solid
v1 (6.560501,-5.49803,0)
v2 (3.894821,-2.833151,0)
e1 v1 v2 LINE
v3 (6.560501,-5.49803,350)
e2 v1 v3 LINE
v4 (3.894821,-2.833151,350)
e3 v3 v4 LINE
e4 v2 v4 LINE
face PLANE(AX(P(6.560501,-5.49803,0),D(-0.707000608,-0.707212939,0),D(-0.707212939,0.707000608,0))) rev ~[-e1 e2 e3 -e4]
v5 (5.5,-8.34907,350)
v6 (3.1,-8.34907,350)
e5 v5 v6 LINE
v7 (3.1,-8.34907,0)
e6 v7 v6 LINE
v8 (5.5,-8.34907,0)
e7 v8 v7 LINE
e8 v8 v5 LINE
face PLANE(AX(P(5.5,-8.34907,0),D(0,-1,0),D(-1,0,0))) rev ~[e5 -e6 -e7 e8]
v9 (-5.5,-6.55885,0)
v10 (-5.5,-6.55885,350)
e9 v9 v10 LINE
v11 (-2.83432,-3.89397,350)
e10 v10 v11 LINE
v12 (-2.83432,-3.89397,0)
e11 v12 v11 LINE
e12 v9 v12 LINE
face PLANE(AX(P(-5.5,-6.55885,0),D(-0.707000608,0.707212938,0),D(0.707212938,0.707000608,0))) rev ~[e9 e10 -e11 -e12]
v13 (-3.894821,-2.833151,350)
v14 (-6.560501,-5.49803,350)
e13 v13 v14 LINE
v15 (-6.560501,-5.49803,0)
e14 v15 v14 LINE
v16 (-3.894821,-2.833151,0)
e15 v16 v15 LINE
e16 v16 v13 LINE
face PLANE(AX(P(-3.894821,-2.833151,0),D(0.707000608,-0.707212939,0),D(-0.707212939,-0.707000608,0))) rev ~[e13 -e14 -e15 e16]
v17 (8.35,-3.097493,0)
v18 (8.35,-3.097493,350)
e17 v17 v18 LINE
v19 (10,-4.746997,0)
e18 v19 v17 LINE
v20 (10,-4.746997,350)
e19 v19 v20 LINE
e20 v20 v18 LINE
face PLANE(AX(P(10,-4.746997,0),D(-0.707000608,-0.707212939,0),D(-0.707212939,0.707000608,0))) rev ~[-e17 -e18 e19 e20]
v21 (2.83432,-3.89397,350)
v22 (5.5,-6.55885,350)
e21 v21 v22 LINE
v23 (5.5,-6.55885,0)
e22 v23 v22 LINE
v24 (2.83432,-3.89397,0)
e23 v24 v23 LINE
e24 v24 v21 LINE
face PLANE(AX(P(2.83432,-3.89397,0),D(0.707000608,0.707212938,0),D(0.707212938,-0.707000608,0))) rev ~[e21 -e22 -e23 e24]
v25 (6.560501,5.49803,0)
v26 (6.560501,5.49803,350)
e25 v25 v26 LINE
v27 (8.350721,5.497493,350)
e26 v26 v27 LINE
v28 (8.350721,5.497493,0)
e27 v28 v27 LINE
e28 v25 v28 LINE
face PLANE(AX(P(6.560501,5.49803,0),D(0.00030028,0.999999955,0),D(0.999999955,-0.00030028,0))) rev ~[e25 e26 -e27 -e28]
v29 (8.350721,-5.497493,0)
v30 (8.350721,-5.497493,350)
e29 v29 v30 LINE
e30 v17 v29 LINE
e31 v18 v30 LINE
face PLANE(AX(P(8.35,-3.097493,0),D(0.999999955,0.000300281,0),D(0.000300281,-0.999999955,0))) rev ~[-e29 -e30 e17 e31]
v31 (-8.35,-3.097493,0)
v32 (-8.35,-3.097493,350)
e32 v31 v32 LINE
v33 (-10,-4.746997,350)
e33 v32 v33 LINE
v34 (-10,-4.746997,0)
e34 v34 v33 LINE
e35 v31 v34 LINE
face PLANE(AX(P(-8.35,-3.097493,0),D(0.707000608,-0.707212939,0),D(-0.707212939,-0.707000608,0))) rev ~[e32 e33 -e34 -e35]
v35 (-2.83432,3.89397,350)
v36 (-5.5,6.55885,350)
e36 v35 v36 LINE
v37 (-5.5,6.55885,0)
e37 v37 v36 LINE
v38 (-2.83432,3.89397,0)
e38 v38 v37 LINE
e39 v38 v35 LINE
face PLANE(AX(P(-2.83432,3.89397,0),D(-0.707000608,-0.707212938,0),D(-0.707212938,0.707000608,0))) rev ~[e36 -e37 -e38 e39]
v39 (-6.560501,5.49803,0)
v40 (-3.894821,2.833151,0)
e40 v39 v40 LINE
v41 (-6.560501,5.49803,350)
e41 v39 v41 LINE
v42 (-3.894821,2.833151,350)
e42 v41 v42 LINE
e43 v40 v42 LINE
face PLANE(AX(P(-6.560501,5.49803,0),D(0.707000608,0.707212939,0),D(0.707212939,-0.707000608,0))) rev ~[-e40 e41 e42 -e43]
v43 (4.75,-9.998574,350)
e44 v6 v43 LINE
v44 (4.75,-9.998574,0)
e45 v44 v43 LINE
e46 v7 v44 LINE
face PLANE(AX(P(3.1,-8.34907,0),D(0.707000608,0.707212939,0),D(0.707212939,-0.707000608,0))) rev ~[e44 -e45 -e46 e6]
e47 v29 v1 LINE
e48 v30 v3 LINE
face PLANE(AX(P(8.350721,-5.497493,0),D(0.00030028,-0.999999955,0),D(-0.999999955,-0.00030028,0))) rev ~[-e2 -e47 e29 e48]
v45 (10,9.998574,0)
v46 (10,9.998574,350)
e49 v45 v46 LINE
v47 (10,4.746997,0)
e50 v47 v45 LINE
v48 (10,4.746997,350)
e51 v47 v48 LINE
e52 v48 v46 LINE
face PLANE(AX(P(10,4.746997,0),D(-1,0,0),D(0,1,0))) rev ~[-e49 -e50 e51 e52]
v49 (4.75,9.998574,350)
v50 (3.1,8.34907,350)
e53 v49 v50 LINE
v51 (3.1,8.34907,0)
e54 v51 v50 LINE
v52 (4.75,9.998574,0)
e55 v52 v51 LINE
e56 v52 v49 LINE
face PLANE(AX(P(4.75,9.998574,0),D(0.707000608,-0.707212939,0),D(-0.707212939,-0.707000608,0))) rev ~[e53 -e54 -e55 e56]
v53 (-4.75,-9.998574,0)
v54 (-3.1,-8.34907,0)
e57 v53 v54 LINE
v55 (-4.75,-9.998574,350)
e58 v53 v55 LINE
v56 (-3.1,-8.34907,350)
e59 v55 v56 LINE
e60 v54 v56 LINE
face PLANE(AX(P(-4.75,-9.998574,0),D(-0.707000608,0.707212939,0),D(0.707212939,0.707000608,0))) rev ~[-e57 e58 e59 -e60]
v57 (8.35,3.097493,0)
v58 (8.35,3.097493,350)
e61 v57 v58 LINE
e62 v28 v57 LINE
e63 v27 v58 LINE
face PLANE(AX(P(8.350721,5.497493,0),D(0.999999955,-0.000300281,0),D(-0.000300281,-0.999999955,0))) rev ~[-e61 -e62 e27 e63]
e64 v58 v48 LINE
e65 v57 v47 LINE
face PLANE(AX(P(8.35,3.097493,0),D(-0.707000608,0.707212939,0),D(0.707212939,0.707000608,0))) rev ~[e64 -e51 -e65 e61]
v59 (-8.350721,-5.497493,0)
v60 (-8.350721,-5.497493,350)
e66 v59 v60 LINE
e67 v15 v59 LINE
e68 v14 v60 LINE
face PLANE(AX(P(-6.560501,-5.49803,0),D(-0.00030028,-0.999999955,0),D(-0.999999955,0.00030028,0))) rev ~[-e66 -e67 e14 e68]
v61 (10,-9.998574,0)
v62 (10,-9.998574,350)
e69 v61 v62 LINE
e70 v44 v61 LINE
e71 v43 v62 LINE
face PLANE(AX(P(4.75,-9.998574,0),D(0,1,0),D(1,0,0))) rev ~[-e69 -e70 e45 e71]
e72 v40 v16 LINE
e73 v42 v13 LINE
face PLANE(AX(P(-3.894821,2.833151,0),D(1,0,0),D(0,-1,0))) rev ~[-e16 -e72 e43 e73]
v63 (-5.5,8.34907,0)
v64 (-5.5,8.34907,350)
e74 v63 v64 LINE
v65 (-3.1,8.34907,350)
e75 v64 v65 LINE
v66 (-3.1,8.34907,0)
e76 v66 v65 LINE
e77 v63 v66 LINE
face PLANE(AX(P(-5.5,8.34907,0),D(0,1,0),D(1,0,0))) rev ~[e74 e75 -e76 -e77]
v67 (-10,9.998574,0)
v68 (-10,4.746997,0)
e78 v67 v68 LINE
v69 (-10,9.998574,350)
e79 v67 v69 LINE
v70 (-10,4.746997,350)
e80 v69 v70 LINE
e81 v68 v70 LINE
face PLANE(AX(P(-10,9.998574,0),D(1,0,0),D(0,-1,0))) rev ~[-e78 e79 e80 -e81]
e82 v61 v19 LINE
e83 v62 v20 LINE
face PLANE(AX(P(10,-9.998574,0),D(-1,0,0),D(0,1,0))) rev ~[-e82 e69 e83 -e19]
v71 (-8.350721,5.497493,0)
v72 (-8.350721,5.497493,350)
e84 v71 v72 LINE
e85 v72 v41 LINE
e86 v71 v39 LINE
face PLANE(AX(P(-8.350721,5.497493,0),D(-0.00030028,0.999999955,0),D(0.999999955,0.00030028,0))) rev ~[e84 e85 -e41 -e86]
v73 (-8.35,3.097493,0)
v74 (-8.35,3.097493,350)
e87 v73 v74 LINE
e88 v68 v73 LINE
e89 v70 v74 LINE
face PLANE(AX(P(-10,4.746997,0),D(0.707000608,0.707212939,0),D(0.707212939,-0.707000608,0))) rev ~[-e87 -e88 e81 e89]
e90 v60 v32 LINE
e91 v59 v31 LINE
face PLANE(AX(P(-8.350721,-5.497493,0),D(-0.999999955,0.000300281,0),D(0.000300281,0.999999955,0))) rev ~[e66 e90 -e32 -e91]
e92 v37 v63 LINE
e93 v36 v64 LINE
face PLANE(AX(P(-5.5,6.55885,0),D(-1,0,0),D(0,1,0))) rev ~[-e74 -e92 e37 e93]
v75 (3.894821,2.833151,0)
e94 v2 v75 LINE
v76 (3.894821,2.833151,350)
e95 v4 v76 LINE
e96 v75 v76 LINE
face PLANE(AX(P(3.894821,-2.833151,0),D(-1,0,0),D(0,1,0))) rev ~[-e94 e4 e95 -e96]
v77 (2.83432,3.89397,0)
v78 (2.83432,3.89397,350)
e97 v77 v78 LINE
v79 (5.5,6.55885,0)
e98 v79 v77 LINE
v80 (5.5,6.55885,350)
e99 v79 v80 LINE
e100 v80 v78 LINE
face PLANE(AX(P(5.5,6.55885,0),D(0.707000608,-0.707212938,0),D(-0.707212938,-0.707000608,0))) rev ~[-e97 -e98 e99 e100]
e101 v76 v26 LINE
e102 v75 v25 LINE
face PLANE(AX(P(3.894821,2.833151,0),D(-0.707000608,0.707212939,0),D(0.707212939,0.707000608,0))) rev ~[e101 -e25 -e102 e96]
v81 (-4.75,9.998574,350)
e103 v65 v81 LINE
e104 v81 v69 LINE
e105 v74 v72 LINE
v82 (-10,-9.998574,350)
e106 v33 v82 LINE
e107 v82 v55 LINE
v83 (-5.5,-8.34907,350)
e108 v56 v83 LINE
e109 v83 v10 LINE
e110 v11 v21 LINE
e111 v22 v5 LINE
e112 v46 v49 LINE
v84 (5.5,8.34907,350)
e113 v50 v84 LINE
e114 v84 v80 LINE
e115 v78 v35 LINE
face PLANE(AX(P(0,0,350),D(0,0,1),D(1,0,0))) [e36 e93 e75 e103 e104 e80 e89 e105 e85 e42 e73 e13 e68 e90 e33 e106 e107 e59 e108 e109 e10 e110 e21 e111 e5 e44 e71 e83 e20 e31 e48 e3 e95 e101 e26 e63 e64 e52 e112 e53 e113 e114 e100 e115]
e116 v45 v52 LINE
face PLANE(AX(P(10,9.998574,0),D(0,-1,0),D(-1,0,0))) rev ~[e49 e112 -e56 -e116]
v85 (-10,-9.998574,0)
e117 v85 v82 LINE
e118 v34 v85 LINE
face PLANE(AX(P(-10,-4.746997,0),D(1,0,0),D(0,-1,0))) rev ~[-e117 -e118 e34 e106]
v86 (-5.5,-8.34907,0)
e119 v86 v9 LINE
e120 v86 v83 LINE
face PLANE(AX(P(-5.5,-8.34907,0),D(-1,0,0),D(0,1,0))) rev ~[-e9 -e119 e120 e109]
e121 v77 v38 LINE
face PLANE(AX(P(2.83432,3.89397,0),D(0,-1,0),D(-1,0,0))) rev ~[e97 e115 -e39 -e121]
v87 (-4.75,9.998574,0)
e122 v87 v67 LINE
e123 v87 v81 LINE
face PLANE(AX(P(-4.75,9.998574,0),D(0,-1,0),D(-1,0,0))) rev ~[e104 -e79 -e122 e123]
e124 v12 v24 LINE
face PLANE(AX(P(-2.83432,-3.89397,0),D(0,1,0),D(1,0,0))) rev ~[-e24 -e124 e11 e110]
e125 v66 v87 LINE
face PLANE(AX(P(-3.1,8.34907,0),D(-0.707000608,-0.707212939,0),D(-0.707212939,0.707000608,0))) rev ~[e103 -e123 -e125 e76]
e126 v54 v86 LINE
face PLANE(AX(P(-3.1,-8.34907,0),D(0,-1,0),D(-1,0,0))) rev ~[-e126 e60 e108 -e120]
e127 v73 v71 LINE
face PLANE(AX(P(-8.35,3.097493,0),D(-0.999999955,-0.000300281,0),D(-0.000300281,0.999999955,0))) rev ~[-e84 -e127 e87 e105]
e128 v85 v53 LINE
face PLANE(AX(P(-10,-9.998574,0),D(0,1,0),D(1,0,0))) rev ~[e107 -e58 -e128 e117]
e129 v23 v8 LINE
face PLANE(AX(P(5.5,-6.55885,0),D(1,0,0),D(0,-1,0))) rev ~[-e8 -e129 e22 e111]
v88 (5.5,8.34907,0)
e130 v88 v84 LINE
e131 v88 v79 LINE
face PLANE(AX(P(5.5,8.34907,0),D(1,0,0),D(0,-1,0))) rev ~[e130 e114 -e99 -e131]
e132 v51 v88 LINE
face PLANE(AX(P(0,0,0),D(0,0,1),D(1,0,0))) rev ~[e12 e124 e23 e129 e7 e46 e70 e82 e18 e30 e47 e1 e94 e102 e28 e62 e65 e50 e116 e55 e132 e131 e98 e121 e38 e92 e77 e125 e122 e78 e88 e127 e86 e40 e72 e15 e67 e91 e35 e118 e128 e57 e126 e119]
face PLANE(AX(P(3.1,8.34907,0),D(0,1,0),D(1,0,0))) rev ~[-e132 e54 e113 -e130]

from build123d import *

# Parameters (mm, degrees)
BOSS_EXTRUDE1_DEPTH = 350


with BuildPart() as part:
    # Sketch1 → Boss-Extrude1 (new body)
    with BuildSketch(Plane.XY):
        Polygon((2.834320347, 3.893970342), (-2.834320347, 3.893970342), (-5.5, 6.558849663), (-5.5, 8.349069506), (-3.1, 8.349069506), (-4.75, 9.998574117), (-10, 9.998574117), (-10, 4.746997406), (-8.35, 3.097492795), (-8.350720674, 5.497492687), (-6.560500912, 5.498030255), (-3.894821259, 2.833150935), (-3.894821259, -2.833150935), (-6.560500912, -5.498030255), (-8.350720674, -5.497492687), (-8.35, -3.097492795), (-10, -4.746997406), (-10, -9.998574117), (-4.75, -9.998574117), (-3.1, -8.349069506), (-5.5, -8.349069506), (-5.5, -6.558849663), (-2.834320347, -3.893970342), (2.834320347, -3.893970342), (5.5, -6.558849663), (5.5, -8.349069506), (3.1, -8.349069506), (4.75, -9.998574117), (10, -9.998574117), (10, -4.746997406), (8.35, -3.097492795), (8.350720674, -5.497492687), (6.560500912, -5.498030255), (3.894821259, -2.833150935), (3.894821259, 2.833150935), (6.560500912, 5.498030255), (8.350720674, 5.497492687), (8.35, 3.097492795), (10, 4.746997406), (10, 9.998574117), (4.75, 9.998574117), (3.1, 8.349069506), (5.5, 8.349069506), (5.5, 6.558849663), align=None)
    extrude(amount=BOSS_EXTRUDE1_DEPTH)


solid = part.part
